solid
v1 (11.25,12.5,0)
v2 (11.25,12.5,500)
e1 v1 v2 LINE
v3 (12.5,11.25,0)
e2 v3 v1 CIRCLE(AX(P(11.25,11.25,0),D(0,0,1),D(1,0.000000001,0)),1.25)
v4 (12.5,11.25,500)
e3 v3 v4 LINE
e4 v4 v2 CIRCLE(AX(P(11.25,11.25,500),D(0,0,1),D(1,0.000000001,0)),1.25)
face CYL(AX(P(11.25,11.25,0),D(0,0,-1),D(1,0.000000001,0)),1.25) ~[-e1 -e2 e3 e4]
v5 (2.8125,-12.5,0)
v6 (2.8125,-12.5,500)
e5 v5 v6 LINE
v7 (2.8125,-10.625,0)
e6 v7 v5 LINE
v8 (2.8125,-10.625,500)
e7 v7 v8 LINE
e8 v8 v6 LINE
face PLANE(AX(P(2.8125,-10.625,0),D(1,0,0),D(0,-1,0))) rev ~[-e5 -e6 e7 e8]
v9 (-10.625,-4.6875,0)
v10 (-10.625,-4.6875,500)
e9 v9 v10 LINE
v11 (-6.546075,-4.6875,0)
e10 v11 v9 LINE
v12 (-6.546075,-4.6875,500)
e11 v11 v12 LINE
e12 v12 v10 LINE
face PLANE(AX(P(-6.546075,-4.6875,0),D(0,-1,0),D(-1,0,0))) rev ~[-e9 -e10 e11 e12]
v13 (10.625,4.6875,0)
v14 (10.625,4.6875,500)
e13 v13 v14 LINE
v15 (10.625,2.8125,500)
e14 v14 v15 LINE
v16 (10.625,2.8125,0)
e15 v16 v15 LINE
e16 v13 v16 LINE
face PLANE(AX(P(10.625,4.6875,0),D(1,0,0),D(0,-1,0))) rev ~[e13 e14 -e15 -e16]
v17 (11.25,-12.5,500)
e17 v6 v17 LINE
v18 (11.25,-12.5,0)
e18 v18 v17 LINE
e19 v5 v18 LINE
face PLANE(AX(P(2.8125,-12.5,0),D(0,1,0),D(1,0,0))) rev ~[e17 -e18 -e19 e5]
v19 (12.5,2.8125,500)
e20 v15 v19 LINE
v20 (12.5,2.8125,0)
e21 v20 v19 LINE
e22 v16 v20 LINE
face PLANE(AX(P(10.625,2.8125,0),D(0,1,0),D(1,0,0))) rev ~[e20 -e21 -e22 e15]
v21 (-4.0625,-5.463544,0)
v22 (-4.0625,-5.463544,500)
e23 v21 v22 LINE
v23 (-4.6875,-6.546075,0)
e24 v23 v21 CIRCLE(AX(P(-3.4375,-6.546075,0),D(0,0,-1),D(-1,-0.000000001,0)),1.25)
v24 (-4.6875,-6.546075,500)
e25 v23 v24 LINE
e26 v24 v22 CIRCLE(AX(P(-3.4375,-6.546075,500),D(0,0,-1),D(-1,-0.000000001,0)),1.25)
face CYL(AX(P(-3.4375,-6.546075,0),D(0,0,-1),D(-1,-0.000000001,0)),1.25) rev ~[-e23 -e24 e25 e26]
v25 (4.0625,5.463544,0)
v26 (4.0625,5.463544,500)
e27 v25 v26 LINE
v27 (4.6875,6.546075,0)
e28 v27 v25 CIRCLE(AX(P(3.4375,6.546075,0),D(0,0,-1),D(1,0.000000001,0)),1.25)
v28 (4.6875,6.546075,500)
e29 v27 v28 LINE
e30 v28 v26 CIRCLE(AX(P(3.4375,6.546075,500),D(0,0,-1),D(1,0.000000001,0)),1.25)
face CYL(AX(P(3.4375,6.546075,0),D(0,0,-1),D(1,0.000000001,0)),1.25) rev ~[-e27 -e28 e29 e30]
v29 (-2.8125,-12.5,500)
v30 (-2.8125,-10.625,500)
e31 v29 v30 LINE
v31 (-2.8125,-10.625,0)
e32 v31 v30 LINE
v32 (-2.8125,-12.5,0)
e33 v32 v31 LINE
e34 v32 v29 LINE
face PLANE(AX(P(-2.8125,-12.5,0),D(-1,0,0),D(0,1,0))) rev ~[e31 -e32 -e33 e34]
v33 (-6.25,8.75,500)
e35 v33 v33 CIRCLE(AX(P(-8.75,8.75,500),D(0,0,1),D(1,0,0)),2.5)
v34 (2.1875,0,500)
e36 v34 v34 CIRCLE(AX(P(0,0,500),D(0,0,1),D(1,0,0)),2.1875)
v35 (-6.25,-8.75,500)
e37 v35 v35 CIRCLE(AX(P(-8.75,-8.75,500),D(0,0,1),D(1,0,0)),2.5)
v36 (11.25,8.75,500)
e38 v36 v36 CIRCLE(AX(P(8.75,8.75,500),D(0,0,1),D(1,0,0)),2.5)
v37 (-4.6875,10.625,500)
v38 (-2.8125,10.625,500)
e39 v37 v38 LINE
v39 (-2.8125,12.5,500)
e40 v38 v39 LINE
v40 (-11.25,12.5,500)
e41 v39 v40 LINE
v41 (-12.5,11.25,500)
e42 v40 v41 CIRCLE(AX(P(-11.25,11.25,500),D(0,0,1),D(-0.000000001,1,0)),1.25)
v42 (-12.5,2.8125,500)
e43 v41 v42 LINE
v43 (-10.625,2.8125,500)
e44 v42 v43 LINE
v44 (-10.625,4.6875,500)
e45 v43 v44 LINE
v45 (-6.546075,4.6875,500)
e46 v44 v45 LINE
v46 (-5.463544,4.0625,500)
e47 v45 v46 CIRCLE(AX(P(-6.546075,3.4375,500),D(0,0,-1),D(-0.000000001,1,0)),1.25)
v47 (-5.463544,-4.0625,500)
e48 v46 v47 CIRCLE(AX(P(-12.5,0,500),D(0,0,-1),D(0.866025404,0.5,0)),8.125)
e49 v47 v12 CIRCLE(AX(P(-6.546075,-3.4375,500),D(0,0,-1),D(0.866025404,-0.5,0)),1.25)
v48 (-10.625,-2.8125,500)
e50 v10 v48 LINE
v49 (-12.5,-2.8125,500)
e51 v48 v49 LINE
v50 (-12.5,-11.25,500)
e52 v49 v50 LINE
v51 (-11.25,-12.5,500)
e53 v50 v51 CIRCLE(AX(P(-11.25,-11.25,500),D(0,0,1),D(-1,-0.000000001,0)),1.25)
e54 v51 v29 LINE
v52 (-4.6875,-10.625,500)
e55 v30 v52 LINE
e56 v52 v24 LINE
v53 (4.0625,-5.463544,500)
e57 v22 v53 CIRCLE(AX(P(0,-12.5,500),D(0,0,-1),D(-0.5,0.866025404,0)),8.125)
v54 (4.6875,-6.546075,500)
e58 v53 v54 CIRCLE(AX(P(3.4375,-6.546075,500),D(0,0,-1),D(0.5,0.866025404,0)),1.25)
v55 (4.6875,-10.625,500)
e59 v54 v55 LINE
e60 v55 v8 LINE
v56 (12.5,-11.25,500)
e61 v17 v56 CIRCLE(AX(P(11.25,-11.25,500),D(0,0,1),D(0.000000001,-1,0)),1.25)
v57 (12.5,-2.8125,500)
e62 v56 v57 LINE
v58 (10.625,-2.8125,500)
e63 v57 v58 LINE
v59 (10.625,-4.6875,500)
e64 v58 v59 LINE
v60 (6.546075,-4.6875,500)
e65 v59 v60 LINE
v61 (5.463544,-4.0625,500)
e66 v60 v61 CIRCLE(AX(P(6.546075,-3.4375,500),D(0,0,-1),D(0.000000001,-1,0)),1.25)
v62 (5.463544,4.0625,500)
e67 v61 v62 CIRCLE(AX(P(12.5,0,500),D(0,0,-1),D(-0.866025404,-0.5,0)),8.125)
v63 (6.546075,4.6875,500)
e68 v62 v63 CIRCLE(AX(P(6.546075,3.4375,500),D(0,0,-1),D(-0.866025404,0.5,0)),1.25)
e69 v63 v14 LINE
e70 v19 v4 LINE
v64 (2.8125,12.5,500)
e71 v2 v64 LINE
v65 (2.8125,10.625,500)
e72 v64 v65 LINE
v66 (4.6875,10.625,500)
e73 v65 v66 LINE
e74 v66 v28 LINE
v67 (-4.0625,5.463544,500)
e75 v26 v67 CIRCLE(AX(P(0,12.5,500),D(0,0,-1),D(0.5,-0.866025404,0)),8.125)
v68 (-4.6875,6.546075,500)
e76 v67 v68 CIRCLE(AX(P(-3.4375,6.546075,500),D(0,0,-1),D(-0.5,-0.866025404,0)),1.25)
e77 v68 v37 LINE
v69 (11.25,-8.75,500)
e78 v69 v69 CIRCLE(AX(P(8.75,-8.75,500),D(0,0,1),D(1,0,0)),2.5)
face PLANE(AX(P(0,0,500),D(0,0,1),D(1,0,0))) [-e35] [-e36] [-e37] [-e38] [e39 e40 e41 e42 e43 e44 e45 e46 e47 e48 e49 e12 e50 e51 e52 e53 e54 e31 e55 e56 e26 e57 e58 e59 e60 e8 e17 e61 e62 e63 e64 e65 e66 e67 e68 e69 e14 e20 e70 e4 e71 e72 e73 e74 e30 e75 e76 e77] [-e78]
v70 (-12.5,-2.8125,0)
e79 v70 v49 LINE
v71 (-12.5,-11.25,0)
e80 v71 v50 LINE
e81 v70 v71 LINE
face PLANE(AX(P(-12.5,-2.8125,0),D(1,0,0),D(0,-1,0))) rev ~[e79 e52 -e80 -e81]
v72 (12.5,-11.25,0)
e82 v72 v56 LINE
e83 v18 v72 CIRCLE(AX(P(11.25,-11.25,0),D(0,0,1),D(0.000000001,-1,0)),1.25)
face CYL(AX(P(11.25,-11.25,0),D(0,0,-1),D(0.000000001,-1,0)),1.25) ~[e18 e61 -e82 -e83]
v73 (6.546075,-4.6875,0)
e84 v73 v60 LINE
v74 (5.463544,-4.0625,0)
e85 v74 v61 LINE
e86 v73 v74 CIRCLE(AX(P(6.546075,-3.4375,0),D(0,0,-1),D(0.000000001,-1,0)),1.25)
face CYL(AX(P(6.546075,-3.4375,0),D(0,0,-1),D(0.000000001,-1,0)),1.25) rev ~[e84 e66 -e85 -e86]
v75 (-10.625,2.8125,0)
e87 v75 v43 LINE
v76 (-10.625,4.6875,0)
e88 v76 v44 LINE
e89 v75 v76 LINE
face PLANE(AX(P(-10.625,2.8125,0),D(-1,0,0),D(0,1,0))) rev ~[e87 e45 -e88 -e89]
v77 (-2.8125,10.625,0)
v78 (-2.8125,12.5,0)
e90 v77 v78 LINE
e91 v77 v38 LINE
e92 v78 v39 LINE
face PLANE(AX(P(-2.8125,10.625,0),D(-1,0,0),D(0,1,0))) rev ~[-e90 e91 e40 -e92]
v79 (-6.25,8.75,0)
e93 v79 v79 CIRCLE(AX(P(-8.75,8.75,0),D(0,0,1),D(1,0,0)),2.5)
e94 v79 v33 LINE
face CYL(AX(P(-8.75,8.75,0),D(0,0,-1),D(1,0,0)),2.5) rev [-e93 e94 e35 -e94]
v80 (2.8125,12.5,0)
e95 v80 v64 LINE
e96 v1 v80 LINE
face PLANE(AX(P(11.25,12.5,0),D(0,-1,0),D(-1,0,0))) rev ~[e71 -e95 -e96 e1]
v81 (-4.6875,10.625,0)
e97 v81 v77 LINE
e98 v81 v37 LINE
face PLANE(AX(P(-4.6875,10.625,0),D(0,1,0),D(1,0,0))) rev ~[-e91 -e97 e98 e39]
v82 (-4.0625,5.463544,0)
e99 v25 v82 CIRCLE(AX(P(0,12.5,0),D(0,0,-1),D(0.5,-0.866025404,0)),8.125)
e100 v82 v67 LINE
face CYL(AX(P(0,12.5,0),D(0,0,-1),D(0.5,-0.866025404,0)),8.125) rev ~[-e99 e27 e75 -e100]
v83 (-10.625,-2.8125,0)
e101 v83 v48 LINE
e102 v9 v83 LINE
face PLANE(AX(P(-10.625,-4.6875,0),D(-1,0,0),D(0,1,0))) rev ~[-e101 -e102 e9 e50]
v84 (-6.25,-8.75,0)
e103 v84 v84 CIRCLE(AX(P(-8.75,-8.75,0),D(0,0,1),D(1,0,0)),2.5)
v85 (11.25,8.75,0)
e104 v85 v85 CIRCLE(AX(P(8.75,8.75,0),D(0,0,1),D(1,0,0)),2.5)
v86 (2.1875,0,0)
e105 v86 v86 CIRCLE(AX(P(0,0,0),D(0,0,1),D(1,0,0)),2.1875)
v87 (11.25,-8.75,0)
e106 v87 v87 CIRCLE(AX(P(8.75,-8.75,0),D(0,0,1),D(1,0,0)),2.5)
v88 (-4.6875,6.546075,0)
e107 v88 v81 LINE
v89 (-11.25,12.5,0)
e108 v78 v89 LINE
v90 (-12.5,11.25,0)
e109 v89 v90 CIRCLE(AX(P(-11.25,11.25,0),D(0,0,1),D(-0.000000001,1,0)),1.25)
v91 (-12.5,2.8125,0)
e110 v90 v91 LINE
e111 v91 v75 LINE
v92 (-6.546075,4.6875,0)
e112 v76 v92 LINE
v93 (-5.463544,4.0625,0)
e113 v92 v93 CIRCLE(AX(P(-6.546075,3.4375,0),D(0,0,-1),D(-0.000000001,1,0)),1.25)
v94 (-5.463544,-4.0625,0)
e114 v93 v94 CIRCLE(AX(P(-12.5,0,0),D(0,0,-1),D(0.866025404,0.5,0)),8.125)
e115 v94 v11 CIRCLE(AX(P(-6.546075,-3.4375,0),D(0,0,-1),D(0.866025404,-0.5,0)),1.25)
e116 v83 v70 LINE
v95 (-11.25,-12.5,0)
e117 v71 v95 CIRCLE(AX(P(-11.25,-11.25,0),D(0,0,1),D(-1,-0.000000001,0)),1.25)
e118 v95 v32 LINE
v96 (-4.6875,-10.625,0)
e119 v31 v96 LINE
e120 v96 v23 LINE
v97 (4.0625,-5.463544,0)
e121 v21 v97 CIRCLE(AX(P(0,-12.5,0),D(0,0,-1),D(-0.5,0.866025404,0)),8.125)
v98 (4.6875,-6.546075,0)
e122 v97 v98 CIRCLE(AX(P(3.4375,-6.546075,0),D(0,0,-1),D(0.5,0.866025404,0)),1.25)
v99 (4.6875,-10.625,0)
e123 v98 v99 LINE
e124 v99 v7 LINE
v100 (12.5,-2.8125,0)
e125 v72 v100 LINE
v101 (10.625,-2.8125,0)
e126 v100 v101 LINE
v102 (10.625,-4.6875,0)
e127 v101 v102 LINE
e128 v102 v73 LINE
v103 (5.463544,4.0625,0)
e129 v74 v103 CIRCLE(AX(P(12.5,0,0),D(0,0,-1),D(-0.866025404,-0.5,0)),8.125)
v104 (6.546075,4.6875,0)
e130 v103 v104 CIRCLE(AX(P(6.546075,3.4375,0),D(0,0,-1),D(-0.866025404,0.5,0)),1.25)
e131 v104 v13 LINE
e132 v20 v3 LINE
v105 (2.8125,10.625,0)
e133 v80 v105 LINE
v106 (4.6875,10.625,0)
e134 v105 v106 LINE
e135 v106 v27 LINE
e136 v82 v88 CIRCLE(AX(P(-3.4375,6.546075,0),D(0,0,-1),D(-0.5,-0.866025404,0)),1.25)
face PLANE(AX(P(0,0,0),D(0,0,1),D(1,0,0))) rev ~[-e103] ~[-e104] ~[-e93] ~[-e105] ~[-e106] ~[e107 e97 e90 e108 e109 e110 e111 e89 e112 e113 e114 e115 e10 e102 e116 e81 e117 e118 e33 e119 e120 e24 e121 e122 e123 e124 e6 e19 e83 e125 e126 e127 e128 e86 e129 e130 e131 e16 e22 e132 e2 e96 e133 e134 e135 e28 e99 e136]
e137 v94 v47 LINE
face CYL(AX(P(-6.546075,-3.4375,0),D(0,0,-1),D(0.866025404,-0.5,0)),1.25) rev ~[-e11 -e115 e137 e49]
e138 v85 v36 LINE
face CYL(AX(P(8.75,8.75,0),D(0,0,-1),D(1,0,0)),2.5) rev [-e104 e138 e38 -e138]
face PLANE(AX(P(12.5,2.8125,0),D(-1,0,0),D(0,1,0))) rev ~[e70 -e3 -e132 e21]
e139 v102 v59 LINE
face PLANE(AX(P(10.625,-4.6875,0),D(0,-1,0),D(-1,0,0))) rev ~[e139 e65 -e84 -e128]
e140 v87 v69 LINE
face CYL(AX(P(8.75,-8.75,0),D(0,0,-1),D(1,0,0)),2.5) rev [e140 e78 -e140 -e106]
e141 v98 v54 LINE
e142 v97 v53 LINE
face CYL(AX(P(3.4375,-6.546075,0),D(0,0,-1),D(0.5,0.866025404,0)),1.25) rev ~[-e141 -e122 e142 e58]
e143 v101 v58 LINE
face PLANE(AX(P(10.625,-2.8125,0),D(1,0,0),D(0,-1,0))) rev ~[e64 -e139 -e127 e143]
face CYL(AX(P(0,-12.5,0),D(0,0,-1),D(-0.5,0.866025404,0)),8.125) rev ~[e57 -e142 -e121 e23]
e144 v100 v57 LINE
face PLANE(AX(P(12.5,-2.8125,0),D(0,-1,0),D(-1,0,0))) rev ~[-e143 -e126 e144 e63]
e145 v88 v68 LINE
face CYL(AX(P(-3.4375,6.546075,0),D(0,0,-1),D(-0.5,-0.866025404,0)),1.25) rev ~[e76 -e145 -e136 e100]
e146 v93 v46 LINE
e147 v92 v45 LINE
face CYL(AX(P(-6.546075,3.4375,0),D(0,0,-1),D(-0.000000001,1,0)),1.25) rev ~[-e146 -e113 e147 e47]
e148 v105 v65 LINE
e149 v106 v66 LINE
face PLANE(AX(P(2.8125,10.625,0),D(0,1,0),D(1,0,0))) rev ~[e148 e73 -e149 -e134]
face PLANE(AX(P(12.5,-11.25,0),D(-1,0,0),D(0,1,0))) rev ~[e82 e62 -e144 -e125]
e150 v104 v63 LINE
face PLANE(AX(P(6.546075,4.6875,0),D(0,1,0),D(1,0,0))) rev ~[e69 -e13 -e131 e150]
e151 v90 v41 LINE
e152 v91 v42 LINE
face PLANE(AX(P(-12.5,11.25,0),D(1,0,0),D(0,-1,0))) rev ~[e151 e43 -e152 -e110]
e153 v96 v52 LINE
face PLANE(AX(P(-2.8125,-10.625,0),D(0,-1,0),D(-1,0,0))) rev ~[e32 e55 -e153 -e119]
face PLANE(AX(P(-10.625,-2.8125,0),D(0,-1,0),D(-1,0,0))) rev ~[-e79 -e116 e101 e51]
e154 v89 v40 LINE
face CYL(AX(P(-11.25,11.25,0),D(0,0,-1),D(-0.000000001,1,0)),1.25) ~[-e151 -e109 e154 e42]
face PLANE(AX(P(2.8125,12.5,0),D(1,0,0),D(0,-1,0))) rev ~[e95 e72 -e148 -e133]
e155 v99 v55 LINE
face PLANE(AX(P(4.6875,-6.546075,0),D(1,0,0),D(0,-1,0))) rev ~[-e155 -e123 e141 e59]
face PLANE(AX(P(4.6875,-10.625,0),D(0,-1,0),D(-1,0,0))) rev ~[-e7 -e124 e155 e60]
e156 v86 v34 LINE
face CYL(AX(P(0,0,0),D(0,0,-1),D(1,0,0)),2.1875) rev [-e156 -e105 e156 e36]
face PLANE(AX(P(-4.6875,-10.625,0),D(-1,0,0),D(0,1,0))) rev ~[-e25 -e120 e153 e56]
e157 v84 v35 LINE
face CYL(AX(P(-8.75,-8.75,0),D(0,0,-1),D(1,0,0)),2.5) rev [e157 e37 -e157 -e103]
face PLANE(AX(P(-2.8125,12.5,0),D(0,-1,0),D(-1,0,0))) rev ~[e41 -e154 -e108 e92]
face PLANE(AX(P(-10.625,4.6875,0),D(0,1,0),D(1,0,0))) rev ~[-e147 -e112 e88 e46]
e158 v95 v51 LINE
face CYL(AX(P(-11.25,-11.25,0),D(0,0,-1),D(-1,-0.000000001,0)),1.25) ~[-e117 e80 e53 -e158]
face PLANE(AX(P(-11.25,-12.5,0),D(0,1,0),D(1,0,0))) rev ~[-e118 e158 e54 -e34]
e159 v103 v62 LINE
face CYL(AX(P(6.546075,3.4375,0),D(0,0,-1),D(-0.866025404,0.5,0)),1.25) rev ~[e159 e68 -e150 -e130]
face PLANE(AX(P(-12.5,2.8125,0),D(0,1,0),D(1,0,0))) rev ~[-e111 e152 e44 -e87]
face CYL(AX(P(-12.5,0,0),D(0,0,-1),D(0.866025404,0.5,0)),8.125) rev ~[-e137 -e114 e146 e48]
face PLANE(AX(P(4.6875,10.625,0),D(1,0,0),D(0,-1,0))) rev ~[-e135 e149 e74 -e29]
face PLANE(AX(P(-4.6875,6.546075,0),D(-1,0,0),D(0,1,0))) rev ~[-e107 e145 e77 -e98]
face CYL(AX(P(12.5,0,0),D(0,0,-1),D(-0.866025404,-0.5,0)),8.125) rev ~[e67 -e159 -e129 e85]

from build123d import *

# Parameters (mm, degrees)
SKETCH1_R           = 2.5
SKETCH1_R_2         = 2.1875
BOSS_EXTRUDE1_DEPTH = 500


with BuildPart() as part:
    # Sketch1 → Boss-Extrude1 (new body)
    with BuildSketch(Plane.XY):
        with BuildLine():
            Line((-12.5, 11.25), (-12.5, 2.8125))
            Line((-12.5, 2.8125), (-10.625, 2.8125))
            Line((-10.625, 2.8125), (-10.625, 4.6875))
            Line((-10.625, 4.6875), (-6.546075349, 4.6875))
            ThreePointArc((-6.546075349, 4.6875), (-5.921075349, 4.520031755), (-5.463543594, 4.0625))
            ThreePointArc((-5.463543594, 4.0625), (-4.375, 0), (-5.463543594, -4.0625))
            ThreePointArc((-5.463543594, -4.0625), (-5.921075349, -4.520031755), (-6.546075349, -4.6875))
            Line((-6.546075349, -4.6875), (-10.625, -4.6875))
            Line((-10.625, -4.6875), (-10.625, -2.8125))
            Line((-10.625, -2.8125), (-12.5, -2.8125))
            Line((-12.5, -2.8125), (-12.5, -11.25))
            ThreePointArc((-12.5, -11.25), (-12.133883476, -12.133883476), (-11.25, -12.5))
            Line((-11.25, -12.5), (-2.8125, -12.5))
            Line((-2.8125, -12.5), (-2.8125, -10.625))
            Line((-2.8125, -10.625), (-4.6875, -10.625))
            Line((-4.6875, -10.625), (-4.6875, -6.546075349))
            ThreePointArc((-4.6875, -6.546075349), (-4.520031755, -5.921075349), (-4.0625, -5.463543594))
            ThreePointArc((-4.0625, -5.463543594), (0, -4.375), (4.0625, -5.463543594))
            ThreePointArc((4.0625, -5.463543594), (4.520031755, -5.921075349), (4.6875, -6.546075349))
            Line((4.6875, -6.546075349), (4.6875, -10.625))
            Line((4.6875, -10.625), (2.8125, -10.625))
            Line((2.8125, -10.625), (2.8125, -12.5))
            Line((2.8125, -12.5), (11.25, -12.5))
            ThreePointArc((11.25, -12.5), (12.133883476, -12.133883476), (12.5, -11.25))
            Line((12.5, -11.25), (12.5, -2.8125))
            Line((12.5, -2.8125), (10.625, -2.8125))
            Line((10.625, -2.8125), (10.625, -4.6875))
            Line((10.625, -4.6875), (6.546075349, -4.6875))
            ThreePointArc((6.546075349, -4.6875), (5.921075349, -4.520031755), (5.463543594, -4.0625))
            ThreePointArc((5.463543594, -4.0625), (4.375, 0), (5.463543594, 4.0625))
            ThreePointArc((5.463543594, 4.0625), (5.921075349, 4.520031755), (6.546075349, 4.6875))
            Line((6.546075349, 4.6875), (10.625, 4.6875))
            Line((10.625, 4.6875), (10.625, 2.8125))
            Line((10.625, 2.8125), (12.5, 2.8125))
            Line((12.5, 2.8125), (12.5, 11.25))
            ThreePointArc((12.5, 11.25), (12.133883476, 12.133883476), (11.25, 12.5))
            Line((11.25, 12.5), (2.8125, 12.5))
            Line((2.8125, 12.5), (2.8125, 10.625))
            Line((2.8125, 10.625), (4.6875, 10.625))
            Line((4.6875, 10.625), (4.6875, 6.546075349))
            ThreePointArc((4.6875, 6.546075349), (4.520031755, 5.921075349), (4.0625, 5.463543594))
            ThreePointArc((4.0625, 5.463543594), (0, 4.375), (-4.0625, 5.463543594))
            ThreePointArc((-4.0625, 5.463543594), (-4.520031755, 5.921075349), (-4.6875, 6.546075349))
            Line((-4.6875, 6.546075349), (-4.6875, 10.625))
            Line((-4.6875, 10.625), (-2.8125, 10.625))
            Line((-2.8125, 10.625), (-2.8125, 12.5))
            Line((-2.8125, 12.5), (-11.25, 12.5))
            ThreePointArc((-11.25, 12.5), (-12.133883476, 12.133883476), (-12.5, 11.25))
        make_face()
        with Locations((-8.75, -8.75)):
            Circle(SKETCH1_R, mode=Mode.SUBTRACT)
        with Locations((8.75, -8.75)):
            Circle(SKETCH1_R, mode=Mode.SUBTRACT)
        with Locations((8.75, 8.75)):
            Circle(SKETCH1_R, mode=Mode.SUBTRACT)
        Circle(SKETCH1_R_2, mode=Mode.SUBTRACT)
        with Locations((-8.75, 8.75)):
            Circle(SKETCH1_R, mode=Mode.SUBTRACT)
    extrude(amount=BOSS_EXTRUDE1_DEPTH)


solid = part.part
